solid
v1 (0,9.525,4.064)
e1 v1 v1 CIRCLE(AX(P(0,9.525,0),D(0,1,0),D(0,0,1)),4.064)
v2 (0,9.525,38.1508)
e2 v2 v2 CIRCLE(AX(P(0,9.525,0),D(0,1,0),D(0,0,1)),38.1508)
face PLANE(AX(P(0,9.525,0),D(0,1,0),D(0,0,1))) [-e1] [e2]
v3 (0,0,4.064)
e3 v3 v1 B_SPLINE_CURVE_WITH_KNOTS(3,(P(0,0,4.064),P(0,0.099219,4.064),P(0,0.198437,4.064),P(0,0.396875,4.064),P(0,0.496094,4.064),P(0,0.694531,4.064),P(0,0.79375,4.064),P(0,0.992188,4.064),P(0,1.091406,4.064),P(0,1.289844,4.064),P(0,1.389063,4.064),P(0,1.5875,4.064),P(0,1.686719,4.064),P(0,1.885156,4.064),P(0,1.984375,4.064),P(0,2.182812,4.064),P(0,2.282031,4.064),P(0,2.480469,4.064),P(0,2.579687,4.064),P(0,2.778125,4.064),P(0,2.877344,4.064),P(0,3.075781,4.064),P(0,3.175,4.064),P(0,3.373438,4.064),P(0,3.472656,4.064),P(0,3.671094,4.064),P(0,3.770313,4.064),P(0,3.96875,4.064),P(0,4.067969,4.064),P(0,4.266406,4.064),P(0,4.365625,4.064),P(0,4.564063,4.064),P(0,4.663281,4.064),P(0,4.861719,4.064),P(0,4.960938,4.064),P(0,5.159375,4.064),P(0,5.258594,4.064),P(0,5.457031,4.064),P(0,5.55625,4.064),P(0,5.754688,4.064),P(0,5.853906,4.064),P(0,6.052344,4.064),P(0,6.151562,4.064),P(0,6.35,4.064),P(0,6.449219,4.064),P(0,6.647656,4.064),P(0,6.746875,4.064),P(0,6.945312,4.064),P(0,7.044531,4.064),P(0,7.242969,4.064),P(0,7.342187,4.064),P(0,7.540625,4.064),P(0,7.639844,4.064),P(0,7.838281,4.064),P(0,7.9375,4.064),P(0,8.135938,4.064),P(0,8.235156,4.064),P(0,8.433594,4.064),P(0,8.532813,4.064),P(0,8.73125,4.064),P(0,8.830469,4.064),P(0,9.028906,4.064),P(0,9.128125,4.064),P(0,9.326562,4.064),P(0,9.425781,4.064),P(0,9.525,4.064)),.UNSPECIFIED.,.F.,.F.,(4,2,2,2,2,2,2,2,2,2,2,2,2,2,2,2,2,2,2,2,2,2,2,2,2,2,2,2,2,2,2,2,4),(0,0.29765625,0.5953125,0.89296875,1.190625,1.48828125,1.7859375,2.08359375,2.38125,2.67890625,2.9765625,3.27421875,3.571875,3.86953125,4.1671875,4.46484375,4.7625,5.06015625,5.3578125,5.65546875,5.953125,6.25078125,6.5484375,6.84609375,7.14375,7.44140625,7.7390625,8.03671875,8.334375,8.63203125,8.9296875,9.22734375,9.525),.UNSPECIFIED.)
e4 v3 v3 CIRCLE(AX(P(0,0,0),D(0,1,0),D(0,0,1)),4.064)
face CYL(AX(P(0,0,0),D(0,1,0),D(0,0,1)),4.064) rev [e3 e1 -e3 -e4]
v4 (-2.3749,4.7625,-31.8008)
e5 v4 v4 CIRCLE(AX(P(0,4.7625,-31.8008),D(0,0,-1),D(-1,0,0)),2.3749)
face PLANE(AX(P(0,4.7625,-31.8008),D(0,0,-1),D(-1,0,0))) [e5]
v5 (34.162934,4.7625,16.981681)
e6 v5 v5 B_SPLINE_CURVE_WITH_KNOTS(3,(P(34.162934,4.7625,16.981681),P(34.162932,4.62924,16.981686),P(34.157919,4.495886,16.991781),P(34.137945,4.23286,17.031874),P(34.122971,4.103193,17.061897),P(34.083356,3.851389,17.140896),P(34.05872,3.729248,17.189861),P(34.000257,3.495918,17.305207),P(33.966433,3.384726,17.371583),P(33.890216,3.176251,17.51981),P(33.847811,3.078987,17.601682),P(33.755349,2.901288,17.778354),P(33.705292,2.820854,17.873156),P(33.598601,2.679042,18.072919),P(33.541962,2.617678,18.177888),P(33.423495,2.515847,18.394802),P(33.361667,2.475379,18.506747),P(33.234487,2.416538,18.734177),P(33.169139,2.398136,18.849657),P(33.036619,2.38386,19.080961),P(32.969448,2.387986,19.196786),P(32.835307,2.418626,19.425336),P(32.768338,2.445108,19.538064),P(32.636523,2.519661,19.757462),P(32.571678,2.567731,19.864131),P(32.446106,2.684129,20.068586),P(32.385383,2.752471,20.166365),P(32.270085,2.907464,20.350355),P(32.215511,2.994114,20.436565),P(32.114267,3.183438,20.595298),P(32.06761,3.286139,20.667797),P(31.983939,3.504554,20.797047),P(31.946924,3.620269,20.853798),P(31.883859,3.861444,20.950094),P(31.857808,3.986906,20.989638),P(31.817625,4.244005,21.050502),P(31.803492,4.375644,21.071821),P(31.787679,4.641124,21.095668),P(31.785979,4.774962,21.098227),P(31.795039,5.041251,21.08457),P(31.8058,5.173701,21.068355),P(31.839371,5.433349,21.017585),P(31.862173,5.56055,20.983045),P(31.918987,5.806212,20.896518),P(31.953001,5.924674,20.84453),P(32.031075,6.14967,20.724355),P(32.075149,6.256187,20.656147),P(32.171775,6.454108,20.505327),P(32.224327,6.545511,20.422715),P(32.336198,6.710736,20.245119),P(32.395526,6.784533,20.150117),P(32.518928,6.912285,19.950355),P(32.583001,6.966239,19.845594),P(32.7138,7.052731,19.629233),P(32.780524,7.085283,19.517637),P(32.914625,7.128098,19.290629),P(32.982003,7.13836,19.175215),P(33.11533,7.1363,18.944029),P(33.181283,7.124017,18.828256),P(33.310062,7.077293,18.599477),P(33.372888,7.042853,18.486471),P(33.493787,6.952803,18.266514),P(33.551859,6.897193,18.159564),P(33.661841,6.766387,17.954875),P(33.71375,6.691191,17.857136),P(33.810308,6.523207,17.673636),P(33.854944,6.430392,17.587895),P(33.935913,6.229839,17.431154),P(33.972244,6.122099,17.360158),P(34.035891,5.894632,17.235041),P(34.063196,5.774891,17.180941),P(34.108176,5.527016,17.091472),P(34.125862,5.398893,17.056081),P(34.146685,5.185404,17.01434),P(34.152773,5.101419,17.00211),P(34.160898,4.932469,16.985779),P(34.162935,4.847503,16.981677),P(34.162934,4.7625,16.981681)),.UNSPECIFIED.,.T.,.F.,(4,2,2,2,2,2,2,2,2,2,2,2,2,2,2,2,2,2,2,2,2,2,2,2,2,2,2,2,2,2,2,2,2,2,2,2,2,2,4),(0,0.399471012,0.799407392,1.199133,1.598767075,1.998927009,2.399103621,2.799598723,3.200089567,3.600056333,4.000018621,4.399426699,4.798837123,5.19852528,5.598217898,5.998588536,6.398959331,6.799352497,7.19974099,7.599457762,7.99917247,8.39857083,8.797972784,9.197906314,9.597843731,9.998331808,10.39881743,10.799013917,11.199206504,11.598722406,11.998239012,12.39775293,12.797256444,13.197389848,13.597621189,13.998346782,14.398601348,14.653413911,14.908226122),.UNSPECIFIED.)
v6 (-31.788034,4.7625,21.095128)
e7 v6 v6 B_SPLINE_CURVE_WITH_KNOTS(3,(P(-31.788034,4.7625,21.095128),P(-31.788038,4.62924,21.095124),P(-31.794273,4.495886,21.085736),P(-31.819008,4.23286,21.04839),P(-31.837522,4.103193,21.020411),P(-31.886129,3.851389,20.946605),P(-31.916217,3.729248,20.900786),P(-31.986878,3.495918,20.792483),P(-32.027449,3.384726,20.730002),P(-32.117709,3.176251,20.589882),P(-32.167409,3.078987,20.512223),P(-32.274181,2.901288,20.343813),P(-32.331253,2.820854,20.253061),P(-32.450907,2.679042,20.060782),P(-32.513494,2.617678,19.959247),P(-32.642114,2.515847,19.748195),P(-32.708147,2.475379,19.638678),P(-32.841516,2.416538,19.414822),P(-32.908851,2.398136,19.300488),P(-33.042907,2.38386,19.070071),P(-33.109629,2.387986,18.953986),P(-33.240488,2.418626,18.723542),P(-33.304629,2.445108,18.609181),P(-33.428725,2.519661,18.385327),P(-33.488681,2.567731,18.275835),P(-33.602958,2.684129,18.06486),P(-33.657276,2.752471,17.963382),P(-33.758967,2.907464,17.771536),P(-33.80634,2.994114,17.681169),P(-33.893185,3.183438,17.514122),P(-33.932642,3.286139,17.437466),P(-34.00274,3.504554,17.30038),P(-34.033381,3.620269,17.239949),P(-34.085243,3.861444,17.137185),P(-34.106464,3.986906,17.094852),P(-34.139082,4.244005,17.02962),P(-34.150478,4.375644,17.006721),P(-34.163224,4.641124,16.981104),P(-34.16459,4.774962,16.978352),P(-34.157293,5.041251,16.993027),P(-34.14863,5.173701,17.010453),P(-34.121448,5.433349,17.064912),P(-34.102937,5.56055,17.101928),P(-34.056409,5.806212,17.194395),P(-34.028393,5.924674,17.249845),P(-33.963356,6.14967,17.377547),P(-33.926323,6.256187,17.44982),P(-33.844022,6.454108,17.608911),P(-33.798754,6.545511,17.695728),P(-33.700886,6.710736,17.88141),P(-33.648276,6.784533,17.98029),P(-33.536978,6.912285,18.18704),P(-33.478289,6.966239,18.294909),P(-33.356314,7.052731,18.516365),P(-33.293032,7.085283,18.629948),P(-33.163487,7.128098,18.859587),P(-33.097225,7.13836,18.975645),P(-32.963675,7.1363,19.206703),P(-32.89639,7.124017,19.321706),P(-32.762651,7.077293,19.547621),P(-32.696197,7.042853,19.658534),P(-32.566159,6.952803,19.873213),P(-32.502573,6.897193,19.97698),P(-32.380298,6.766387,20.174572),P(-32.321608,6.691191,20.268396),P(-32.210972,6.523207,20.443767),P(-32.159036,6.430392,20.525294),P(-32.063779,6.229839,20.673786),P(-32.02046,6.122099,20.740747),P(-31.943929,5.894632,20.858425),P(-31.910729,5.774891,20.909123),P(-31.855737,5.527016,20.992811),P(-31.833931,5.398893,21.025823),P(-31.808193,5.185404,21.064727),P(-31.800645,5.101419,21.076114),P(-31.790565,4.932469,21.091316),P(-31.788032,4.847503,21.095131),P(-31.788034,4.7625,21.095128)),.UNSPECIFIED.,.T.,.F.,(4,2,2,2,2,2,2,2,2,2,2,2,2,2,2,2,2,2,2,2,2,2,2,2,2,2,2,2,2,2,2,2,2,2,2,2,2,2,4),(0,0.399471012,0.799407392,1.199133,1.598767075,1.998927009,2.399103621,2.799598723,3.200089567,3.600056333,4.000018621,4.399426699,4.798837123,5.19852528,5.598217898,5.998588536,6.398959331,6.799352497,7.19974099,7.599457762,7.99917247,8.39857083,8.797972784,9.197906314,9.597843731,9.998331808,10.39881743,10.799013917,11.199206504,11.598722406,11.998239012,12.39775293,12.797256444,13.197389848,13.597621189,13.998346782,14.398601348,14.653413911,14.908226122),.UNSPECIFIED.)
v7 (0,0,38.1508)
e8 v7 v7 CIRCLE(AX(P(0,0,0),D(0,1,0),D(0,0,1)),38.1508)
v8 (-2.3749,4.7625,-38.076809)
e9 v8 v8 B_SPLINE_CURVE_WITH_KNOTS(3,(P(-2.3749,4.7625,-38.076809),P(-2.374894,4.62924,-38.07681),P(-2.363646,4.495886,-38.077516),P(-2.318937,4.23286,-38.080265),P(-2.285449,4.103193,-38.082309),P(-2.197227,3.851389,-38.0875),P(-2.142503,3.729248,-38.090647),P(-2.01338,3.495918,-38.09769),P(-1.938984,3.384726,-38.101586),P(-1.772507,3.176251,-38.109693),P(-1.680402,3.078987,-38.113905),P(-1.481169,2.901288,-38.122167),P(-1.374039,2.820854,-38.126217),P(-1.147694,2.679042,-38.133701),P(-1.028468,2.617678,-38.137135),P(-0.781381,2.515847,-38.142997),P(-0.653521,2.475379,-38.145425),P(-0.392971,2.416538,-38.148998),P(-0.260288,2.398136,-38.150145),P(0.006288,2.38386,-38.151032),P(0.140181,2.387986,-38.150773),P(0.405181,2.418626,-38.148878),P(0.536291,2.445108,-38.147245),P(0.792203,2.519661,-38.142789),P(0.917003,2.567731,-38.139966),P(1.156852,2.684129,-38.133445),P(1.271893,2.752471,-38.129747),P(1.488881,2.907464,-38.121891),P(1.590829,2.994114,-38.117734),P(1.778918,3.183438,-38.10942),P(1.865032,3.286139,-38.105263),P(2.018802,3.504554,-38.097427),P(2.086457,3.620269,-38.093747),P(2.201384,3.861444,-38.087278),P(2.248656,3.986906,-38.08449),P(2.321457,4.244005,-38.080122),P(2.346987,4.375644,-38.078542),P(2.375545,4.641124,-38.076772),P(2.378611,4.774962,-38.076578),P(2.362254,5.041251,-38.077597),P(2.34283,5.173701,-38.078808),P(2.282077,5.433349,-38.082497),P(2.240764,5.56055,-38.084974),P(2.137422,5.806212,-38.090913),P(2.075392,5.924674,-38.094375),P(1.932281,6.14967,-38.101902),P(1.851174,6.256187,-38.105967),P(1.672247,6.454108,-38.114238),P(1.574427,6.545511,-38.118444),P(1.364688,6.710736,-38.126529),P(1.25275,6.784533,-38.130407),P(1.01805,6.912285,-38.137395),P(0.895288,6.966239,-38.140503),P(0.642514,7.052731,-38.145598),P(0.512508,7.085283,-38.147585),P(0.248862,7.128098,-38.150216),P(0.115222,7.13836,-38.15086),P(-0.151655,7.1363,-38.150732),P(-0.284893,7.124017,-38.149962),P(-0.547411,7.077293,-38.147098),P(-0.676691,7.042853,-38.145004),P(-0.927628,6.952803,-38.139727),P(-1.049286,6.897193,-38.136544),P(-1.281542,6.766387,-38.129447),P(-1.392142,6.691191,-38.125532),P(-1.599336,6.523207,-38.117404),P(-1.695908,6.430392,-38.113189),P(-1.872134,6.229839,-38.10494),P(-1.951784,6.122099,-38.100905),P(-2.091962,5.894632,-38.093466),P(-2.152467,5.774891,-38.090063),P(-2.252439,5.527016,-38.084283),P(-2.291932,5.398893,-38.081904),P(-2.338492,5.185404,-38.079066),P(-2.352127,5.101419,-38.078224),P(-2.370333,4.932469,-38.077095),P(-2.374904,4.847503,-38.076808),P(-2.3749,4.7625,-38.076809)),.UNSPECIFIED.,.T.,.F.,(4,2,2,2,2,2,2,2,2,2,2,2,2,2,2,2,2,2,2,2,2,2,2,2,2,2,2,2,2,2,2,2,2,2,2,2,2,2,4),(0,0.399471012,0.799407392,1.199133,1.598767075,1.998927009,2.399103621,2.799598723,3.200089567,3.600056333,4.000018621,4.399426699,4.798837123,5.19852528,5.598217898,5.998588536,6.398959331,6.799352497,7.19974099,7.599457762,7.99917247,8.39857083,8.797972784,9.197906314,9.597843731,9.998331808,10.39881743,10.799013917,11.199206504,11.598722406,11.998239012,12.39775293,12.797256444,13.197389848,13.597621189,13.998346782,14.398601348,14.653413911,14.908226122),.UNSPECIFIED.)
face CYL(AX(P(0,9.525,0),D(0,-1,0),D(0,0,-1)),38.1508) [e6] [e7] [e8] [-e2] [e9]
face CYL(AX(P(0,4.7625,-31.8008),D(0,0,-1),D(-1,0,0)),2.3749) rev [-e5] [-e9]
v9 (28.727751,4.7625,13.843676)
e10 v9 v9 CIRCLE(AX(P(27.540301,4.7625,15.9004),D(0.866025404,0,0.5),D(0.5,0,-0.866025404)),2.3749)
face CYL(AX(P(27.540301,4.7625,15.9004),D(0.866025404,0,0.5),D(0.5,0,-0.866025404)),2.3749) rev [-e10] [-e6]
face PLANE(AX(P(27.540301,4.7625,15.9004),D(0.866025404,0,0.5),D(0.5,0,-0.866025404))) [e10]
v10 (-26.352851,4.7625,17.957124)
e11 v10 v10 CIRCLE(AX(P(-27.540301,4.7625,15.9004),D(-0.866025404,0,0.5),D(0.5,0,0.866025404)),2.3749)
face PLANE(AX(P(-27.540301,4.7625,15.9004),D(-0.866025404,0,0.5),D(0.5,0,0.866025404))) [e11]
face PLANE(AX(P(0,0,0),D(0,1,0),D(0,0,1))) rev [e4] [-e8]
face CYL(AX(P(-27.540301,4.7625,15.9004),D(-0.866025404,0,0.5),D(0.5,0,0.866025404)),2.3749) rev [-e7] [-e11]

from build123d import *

# Parameters (mm, degrees)
SKETCH1_R           = 38.1508
BOSS_EXTRUDE1_DEPTH = 9.525
SKETCH4_R           = 2.3749
CUT_EXTRUDE2_DEPTH  = 6.35
CIRPATTERN1_COUNT   = 3
SKETCH6_R           = 4.064
CUT_EXTRUDE4_DEPTH  = 55.787705953


with BuildPart() as part:
    # Sketch1 → Boss-Extrude1 (new body)
    with BuildSketch(Plane(origin=(0, 0, 0), x_dir=(1, 0, 0), z_dir=(0, 1, 0))):
        Circle(SKETCH1_R)
    extrude(amount=BOSS_EXTRUDE1_DEPTH)

    # Sketch4 → Cut-Extrude2 (cut)
    with BuildSketch(Plane(origin=(-33.039561975, 0, 19.0754), x_dir=(0, -1, 0), z_dir=(-0.8660254037844433, 0, 0.49999999999999195))):
        with Locations((-4.7625, 0)):
            Circle(SKETCH4_R)
    cut_extrude2 = extrude(amount=-CUT_EXTRUDE2_DEPTH, mode=Mode.SUBTRACT)

    # CirPattern1: Cut-Extrude2 ×3 about axis
    cirpattern1_axis = Axis((0, 10.00125, 0), (0, -1, 0))
    for i in range(1, CIRPATTERN1_COUNT):
        add(cut_extrude2.rotate(cirpattern1_axis, i * 360 / CIRPATTERN1_COUNT), mode=Mode.SUBTRACT)

    # Sketch6 → Cut-Extrude4 (cut, through all)
    with BuildSketch(Plane(origin=(0, 9.525, 0), x_dir=(1, 0, 0), z_dir=(0, 1, 0))):
        Circle(SKETCH6_R)
    extrude(amount=-CUT_EXTRUDE4_DEPTH, mode=Mode.SUBTRACT)


solid = part.part
